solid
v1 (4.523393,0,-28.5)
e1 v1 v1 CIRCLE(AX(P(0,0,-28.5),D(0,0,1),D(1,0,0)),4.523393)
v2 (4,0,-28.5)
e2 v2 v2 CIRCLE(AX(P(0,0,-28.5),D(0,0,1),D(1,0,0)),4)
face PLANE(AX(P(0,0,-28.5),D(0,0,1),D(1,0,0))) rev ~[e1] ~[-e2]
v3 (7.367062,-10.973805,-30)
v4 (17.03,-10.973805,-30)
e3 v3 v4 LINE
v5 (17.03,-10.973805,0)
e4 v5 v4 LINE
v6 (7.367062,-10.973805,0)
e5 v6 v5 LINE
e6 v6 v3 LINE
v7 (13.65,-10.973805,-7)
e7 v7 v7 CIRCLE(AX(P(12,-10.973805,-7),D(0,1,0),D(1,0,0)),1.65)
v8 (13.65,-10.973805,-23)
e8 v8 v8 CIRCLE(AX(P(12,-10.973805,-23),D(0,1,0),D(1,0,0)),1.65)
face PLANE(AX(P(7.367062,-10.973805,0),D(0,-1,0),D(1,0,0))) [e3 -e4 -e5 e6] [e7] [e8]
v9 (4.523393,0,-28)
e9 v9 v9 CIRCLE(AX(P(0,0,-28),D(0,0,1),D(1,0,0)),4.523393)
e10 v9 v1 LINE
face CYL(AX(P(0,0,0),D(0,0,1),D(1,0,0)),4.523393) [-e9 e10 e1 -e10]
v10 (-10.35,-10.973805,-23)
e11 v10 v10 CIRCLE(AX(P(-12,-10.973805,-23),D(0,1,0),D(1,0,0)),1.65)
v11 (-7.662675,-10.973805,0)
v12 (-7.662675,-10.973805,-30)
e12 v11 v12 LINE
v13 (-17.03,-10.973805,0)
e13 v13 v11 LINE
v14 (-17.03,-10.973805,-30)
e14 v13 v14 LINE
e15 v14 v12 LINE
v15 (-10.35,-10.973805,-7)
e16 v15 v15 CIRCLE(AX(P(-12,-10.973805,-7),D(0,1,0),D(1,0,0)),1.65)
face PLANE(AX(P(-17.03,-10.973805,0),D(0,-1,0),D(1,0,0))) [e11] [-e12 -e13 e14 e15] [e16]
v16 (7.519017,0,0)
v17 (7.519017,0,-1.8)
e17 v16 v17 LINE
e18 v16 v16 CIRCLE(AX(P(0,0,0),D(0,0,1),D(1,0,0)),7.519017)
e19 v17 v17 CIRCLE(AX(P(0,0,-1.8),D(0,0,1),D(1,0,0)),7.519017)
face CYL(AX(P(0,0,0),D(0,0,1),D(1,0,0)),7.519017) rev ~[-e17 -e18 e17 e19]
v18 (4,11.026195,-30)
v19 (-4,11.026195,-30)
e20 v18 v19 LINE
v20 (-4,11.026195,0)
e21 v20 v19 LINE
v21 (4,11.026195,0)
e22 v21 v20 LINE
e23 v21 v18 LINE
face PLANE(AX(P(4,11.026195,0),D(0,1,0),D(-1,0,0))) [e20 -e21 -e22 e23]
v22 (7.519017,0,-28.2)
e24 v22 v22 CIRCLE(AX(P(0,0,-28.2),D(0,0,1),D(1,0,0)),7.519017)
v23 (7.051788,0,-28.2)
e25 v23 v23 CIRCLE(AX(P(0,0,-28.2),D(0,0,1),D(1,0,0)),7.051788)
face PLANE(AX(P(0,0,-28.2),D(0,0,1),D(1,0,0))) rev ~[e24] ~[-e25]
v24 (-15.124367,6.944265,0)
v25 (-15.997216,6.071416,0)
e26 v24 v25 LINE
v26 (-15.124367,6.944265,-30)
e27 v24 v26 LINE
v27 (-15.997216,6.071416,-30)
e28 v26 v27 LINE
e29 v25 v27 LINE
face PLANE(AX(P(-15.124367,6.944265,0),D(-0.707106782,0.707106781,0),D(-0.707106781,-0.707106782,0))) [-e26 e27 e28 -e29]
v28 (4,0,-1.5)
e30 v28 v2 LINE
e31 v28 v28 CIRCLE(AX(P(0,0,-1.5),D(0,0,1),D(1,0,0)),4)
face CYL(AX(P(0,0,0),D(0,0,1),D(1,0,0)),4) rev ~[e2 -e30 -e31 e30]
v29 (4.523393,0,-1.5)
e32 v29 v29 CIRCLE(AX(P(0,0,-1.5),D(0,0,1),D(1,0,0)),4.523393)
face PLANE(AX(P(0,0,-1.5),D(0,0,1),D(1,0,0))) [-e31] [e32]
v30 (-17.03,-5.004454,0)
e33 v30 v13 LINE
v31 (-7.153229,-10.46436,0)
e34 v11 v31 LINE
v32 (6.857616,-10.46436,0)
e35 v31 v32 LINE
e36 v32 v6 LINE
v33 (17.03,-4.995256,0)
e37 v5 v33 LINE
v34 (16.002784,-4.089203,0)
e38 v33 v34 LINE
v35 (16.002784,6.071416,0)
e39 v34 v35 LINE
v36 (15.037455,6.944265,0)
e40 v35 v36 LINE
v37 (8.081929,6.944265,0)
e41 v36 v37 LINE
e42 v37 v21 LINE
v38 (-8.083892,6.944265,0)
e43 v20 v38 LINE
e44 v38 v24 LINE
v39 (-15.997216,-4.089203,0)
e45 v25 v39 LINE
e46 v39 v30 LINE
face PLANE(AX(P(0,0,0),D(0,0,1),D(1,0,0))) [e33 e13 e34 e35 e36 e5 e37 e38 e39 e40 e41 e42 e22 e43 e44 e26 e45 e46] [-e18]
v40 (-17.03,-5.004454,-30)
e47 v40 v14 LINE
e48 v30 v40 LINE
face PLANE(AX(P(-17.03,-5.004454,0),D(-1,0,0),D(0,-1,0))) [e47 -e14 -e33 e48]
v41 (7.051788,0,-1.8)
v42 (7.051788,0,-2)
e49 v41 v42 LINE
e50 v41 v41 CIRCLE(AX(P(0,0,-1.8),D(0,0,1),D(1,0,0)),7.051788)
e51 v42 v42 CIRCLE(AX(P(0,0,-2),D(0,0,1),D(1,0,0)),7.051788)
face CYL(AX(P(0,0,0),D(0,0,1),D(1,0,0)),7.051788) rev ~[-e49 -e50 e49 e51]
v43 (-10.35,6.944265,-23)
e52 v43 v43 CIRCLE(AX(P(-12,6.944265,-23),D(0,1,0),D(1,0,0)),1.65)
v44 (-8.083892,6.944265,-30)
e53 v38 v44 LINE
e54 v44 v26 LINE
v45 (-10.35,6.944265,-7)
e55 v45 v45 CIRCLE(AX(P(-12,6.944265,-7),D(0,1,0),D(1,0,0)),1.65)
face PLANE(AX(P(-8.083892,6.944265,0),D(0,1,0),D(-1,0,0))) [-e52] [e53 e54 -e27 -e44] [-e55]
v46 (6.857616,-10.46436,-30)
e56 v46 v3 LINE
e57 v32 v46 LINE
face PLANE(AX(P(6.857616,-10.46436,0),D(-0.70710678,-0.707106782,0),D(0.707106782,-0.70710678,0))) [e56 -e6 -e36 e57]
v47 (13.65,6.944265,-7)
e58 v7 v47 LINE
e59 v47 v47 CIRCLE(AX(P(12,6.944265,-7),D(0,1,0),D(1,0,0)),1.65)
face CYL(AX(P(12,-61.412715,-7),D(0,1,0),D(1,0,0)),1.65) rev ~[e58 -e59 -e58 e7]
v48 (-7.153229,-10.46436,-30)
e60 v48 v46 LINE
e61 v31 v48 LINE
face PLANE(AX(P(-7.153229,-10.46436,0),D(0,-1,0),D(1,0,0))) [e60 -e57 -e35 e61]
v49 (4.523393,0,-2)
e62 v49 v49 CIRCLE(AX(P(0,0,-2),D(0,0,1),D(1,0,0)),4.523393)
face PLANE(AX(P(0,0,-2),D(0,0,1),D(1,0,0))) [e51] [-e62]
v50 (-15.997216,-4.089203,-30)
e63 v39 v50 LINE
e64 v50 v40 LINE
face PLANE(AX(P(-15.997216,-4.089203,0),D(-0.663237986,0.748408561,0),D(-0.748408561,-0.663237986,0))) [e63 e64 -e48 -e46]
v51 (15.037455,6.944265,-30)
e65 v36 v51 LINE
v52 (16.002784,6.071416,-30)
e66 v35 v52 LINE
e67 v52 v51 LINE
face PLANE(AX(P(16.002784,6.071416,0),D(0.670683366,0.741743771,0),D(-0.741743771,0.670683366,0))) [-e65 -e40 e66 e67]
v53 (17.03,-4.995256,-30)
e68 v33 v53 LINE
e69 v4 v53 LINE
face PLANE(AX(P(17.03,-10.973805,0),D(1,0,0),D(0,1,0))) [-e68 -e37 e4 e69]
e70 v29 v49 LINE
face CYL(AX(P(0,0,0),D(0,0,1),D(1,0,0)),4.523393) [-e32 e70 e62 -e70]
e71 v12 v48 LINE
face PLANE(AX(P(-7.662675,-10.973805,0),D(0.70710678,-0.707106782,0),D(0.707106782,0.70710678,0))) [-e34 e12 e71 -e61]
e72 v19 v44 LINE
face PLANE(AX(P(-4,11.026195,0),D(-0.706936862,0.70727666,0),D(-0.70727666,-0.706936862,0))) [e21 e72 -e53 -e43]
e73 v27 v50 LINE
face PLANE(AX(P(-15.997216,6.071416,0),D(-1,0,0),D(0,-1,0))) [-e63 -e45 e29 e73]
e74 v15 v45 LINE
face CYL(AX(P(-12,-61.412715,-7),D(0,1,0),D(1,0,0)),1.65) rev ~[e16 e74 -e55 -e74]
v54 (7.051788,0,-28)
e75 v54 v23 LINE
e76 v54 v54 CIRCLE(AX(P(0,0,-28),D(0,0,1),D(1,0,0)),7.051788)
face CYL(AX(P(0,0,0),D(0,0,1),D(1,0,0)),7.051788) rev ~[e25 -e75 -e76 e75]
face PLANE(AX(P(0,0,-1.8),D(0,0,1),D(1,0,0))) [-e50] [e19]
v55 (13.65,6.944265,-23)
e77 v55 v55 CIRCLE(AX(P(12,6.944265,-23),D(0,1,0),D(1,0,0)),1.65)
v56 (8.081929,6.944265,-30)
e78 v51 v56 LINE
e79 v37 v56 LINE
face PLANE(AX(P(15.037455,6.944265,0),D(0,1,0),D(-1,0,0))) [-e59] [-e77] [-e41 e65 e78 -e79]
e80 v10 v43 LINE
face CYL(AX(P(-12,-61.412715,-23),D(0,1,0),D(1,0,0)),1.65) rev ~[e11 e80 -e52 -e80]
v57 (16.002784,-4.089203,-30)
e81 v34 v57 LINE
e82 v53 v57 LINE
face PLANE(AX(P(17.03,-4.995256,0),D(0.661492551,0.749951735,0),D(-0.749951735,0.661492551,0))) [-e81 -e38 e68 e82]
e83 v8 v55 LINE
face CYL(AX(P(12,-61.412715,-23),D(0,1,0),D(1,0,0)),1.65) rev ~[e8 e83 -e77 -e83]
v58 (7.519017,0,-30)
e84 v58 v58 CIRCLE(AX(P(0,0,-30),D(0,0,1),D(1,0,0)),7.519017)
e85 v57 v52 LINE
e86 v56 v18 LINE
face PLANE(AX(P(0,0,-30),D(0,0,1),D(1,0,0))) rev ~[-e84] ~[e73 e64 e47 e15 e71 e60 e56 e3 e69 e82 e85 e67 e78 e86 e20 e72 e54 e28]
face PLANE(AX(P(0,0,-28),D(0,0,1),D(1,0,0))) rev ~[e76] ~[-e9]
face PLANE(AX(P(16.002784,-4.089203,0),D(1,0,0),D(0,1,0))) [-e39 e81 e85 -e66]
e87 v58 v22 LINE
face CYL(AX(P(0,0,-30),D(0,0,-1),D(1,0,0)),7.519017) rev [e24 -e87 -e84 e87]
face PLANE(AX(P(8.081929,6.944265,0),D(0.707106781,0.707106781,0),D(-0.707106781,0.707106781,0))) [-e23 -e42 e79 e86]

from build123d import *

# Parameters (mm, degrees)
ESQUISSE1_R             = 7.519017315
BOSS_EXTRU_1_DEPTH      = 30
ESQUISSE1_3_R           = 7.051788316
ESQUISSE1_3_R_2         = 4.523392982
BOSS_EXTRU_2_DEPTH      = 28
ESQUISSE1_4_R           = 7.519017315
ESQUISSE1_4_R_2         = 7.051788316
BOSS_EXTRU_3_DEPTH      = 30
ESQUISSE1_5_R           = 4.523392982
ESQUISSE1_5_R_2         = 4
BOSS_EXTRU_4_DEPTH      = 28.5
ESQUISSE1_6_R           = 4.523392982
ESQUISSE1_6_R_2         = 4
ENL_V_MAT_EXTRU_1_DEPTH = 1.5
ESQUISSE1_7_R           = 7.051788316
ESQUISSE1_7_R_2         = 4.523392982
ENL_V_MAT_EXTRU_2_DEPTH = 2
ESQUISSE1_8_R           = 7.519017315
ESQUISSE1_8_R_2         = 7.051788316
ENL_V_MAT_EXTRU_3_DEPTH = 1.8
ENL_V_START             = -30
ESQUISSE1_9_R           = 7.519017315
ESQUISSE1_9_R_2         = 7.051788316
ENL_V_MAT_EXTRU_4_DEPTH = 1.8
M4X0_7_TAPPED_HOLE1_D   = 3.3


with BuildPart() as part:
    # Esquisse1 → Boss.-Extru.1 (new body)
    with BuildSketch(Plane.XY):
        Polygon((-15.997216081, -4.089203195), (-17.03, -5.004453984), (-17.03, -10.973805396), (-7.66267479, -10.973805396), (-7.153229177, -10.464359784), (6.857616233, -10.464359784), (7.367061846, -10.973805396), (17.03, -10.973805396), (17.03, -4.995255883), (16.002783919, -4.089203195), (16.002783919, 6.07141612), (15.037454618, 6.944265115), (8.081929489, 6.944265115), (4, 11.026194604), (-4, 11.026194604), (-8.083891517, 6.944265115), (-15.124367087, 6.944265115), (-15.997216081, 6.07141612), align=None)
        Circle(ESQUISSE1_R, mode=Mode.SUBTRACT)
    extrude(amount=-BOSS_EXTRU_1_DEPTH)



with BuildPart() as body_2:
    # Esquisse1_3 → Boss.-Extru.2 (new body)
    with BuildSketch(Plane.XY):
        Circle(ESQUISSE1_3_R)
        Circle(ESQUISSE1_3_R_2, mode=Mode.SUBTRACT)
    extrude(amount=-BOSS_EXTRU_2_DEPTH)


with BuildPart() as part_1:
    add(part.part)

    add(body_2.part)  # Boss.-Extru.3 merges body 2
    # Esquisse1_4 → Boss.-Extru.3 (add)
    with BuildSketch(Plane.XY):
        Circle(ESQUISSE1_4_R)
        Circle(ESQUISSE1_4_R_2, mode=Mode.SUBTRACT)
    extrude(amount=-BOSS_EXTRU_3_DEPTH)

    # Esquisse1_5 → Boss.-Extru.4 (add)
    with BuildSketch(Plane.XY):
        Circle(ESQUISSE1_5_R)
        Circle(ESQUISSE1_5_R_2, mode=Mode.SUBTRACT)
    extrude(amount=-BOSS_EXTRU_4_DEPTH)

    # Esquisse1_6 → Enl_v. mat.-Extru.1 (cut)
    with BuildSketch(Plane.XY):
        Circle(ESQUISSE1_6_R)
        Circle(ESQUISSE1_6_R_2, mode=Mode.SUBTRACT)
    extrude(amount=-ENL_V_MAT_EXTRU_1_DEPTH, mode=Mode.SUBTRACT)

    # Esquisse1_7 → Enl_v. mat.-Extru.2 (cut)
    with BuildSketch(Plane.XY):
        Circle(ESQUISSE1_7_R)
        Circle(ESQUISSE1_7_R_2, mode=Mode.SUBTRACT)
    extrude(amount=-ENL_V_MAT_EXTRU_2_DEPTH, mode=Mode.SUBTRACT)

    # Esquisse1_8 → Enl_v. mat.-Extru.3 (cut)
    with BuildSketch(Plane.XY):
        Circle(ESQUISSE1_8_R)
        Circle(ESQUISSE1_8_R_2, mode=Mode.SUBTRACT)
    extrude(amount=-ENL_V_MAT_EXTRU_3_DEPTH, mode=Mode.SUBTRACT)

    # Esquisse1_9 → Enl_v. mat.-Extru.4 (cut)
    with BuildSketch(Plane.XY.offset(ENL_V_START)):
        Circle(ESQUISSE1_9_R)
        Circle(ESQUISSE1_9_R_2, mode=Mode.SUBTRACT)
    extrude(amount=ENL_V_MAT_EXTRU_4_DEPTH, mode=Mode.SUBTRACT)

    # M4x0.7 Tapped Hole1 (through all)
    with Locations(Plane(origin=(0, -10.973805396, 0), x_dir=(-1, 0, 0), z_dir=(0, -1, 0))):
        with Locations((-12, 7), (-12, 23), (12, 23), (12, 7)):
            Hole(M4X0_7_TAPPED_HOLE1_D / 2)


solid = part_1.part
